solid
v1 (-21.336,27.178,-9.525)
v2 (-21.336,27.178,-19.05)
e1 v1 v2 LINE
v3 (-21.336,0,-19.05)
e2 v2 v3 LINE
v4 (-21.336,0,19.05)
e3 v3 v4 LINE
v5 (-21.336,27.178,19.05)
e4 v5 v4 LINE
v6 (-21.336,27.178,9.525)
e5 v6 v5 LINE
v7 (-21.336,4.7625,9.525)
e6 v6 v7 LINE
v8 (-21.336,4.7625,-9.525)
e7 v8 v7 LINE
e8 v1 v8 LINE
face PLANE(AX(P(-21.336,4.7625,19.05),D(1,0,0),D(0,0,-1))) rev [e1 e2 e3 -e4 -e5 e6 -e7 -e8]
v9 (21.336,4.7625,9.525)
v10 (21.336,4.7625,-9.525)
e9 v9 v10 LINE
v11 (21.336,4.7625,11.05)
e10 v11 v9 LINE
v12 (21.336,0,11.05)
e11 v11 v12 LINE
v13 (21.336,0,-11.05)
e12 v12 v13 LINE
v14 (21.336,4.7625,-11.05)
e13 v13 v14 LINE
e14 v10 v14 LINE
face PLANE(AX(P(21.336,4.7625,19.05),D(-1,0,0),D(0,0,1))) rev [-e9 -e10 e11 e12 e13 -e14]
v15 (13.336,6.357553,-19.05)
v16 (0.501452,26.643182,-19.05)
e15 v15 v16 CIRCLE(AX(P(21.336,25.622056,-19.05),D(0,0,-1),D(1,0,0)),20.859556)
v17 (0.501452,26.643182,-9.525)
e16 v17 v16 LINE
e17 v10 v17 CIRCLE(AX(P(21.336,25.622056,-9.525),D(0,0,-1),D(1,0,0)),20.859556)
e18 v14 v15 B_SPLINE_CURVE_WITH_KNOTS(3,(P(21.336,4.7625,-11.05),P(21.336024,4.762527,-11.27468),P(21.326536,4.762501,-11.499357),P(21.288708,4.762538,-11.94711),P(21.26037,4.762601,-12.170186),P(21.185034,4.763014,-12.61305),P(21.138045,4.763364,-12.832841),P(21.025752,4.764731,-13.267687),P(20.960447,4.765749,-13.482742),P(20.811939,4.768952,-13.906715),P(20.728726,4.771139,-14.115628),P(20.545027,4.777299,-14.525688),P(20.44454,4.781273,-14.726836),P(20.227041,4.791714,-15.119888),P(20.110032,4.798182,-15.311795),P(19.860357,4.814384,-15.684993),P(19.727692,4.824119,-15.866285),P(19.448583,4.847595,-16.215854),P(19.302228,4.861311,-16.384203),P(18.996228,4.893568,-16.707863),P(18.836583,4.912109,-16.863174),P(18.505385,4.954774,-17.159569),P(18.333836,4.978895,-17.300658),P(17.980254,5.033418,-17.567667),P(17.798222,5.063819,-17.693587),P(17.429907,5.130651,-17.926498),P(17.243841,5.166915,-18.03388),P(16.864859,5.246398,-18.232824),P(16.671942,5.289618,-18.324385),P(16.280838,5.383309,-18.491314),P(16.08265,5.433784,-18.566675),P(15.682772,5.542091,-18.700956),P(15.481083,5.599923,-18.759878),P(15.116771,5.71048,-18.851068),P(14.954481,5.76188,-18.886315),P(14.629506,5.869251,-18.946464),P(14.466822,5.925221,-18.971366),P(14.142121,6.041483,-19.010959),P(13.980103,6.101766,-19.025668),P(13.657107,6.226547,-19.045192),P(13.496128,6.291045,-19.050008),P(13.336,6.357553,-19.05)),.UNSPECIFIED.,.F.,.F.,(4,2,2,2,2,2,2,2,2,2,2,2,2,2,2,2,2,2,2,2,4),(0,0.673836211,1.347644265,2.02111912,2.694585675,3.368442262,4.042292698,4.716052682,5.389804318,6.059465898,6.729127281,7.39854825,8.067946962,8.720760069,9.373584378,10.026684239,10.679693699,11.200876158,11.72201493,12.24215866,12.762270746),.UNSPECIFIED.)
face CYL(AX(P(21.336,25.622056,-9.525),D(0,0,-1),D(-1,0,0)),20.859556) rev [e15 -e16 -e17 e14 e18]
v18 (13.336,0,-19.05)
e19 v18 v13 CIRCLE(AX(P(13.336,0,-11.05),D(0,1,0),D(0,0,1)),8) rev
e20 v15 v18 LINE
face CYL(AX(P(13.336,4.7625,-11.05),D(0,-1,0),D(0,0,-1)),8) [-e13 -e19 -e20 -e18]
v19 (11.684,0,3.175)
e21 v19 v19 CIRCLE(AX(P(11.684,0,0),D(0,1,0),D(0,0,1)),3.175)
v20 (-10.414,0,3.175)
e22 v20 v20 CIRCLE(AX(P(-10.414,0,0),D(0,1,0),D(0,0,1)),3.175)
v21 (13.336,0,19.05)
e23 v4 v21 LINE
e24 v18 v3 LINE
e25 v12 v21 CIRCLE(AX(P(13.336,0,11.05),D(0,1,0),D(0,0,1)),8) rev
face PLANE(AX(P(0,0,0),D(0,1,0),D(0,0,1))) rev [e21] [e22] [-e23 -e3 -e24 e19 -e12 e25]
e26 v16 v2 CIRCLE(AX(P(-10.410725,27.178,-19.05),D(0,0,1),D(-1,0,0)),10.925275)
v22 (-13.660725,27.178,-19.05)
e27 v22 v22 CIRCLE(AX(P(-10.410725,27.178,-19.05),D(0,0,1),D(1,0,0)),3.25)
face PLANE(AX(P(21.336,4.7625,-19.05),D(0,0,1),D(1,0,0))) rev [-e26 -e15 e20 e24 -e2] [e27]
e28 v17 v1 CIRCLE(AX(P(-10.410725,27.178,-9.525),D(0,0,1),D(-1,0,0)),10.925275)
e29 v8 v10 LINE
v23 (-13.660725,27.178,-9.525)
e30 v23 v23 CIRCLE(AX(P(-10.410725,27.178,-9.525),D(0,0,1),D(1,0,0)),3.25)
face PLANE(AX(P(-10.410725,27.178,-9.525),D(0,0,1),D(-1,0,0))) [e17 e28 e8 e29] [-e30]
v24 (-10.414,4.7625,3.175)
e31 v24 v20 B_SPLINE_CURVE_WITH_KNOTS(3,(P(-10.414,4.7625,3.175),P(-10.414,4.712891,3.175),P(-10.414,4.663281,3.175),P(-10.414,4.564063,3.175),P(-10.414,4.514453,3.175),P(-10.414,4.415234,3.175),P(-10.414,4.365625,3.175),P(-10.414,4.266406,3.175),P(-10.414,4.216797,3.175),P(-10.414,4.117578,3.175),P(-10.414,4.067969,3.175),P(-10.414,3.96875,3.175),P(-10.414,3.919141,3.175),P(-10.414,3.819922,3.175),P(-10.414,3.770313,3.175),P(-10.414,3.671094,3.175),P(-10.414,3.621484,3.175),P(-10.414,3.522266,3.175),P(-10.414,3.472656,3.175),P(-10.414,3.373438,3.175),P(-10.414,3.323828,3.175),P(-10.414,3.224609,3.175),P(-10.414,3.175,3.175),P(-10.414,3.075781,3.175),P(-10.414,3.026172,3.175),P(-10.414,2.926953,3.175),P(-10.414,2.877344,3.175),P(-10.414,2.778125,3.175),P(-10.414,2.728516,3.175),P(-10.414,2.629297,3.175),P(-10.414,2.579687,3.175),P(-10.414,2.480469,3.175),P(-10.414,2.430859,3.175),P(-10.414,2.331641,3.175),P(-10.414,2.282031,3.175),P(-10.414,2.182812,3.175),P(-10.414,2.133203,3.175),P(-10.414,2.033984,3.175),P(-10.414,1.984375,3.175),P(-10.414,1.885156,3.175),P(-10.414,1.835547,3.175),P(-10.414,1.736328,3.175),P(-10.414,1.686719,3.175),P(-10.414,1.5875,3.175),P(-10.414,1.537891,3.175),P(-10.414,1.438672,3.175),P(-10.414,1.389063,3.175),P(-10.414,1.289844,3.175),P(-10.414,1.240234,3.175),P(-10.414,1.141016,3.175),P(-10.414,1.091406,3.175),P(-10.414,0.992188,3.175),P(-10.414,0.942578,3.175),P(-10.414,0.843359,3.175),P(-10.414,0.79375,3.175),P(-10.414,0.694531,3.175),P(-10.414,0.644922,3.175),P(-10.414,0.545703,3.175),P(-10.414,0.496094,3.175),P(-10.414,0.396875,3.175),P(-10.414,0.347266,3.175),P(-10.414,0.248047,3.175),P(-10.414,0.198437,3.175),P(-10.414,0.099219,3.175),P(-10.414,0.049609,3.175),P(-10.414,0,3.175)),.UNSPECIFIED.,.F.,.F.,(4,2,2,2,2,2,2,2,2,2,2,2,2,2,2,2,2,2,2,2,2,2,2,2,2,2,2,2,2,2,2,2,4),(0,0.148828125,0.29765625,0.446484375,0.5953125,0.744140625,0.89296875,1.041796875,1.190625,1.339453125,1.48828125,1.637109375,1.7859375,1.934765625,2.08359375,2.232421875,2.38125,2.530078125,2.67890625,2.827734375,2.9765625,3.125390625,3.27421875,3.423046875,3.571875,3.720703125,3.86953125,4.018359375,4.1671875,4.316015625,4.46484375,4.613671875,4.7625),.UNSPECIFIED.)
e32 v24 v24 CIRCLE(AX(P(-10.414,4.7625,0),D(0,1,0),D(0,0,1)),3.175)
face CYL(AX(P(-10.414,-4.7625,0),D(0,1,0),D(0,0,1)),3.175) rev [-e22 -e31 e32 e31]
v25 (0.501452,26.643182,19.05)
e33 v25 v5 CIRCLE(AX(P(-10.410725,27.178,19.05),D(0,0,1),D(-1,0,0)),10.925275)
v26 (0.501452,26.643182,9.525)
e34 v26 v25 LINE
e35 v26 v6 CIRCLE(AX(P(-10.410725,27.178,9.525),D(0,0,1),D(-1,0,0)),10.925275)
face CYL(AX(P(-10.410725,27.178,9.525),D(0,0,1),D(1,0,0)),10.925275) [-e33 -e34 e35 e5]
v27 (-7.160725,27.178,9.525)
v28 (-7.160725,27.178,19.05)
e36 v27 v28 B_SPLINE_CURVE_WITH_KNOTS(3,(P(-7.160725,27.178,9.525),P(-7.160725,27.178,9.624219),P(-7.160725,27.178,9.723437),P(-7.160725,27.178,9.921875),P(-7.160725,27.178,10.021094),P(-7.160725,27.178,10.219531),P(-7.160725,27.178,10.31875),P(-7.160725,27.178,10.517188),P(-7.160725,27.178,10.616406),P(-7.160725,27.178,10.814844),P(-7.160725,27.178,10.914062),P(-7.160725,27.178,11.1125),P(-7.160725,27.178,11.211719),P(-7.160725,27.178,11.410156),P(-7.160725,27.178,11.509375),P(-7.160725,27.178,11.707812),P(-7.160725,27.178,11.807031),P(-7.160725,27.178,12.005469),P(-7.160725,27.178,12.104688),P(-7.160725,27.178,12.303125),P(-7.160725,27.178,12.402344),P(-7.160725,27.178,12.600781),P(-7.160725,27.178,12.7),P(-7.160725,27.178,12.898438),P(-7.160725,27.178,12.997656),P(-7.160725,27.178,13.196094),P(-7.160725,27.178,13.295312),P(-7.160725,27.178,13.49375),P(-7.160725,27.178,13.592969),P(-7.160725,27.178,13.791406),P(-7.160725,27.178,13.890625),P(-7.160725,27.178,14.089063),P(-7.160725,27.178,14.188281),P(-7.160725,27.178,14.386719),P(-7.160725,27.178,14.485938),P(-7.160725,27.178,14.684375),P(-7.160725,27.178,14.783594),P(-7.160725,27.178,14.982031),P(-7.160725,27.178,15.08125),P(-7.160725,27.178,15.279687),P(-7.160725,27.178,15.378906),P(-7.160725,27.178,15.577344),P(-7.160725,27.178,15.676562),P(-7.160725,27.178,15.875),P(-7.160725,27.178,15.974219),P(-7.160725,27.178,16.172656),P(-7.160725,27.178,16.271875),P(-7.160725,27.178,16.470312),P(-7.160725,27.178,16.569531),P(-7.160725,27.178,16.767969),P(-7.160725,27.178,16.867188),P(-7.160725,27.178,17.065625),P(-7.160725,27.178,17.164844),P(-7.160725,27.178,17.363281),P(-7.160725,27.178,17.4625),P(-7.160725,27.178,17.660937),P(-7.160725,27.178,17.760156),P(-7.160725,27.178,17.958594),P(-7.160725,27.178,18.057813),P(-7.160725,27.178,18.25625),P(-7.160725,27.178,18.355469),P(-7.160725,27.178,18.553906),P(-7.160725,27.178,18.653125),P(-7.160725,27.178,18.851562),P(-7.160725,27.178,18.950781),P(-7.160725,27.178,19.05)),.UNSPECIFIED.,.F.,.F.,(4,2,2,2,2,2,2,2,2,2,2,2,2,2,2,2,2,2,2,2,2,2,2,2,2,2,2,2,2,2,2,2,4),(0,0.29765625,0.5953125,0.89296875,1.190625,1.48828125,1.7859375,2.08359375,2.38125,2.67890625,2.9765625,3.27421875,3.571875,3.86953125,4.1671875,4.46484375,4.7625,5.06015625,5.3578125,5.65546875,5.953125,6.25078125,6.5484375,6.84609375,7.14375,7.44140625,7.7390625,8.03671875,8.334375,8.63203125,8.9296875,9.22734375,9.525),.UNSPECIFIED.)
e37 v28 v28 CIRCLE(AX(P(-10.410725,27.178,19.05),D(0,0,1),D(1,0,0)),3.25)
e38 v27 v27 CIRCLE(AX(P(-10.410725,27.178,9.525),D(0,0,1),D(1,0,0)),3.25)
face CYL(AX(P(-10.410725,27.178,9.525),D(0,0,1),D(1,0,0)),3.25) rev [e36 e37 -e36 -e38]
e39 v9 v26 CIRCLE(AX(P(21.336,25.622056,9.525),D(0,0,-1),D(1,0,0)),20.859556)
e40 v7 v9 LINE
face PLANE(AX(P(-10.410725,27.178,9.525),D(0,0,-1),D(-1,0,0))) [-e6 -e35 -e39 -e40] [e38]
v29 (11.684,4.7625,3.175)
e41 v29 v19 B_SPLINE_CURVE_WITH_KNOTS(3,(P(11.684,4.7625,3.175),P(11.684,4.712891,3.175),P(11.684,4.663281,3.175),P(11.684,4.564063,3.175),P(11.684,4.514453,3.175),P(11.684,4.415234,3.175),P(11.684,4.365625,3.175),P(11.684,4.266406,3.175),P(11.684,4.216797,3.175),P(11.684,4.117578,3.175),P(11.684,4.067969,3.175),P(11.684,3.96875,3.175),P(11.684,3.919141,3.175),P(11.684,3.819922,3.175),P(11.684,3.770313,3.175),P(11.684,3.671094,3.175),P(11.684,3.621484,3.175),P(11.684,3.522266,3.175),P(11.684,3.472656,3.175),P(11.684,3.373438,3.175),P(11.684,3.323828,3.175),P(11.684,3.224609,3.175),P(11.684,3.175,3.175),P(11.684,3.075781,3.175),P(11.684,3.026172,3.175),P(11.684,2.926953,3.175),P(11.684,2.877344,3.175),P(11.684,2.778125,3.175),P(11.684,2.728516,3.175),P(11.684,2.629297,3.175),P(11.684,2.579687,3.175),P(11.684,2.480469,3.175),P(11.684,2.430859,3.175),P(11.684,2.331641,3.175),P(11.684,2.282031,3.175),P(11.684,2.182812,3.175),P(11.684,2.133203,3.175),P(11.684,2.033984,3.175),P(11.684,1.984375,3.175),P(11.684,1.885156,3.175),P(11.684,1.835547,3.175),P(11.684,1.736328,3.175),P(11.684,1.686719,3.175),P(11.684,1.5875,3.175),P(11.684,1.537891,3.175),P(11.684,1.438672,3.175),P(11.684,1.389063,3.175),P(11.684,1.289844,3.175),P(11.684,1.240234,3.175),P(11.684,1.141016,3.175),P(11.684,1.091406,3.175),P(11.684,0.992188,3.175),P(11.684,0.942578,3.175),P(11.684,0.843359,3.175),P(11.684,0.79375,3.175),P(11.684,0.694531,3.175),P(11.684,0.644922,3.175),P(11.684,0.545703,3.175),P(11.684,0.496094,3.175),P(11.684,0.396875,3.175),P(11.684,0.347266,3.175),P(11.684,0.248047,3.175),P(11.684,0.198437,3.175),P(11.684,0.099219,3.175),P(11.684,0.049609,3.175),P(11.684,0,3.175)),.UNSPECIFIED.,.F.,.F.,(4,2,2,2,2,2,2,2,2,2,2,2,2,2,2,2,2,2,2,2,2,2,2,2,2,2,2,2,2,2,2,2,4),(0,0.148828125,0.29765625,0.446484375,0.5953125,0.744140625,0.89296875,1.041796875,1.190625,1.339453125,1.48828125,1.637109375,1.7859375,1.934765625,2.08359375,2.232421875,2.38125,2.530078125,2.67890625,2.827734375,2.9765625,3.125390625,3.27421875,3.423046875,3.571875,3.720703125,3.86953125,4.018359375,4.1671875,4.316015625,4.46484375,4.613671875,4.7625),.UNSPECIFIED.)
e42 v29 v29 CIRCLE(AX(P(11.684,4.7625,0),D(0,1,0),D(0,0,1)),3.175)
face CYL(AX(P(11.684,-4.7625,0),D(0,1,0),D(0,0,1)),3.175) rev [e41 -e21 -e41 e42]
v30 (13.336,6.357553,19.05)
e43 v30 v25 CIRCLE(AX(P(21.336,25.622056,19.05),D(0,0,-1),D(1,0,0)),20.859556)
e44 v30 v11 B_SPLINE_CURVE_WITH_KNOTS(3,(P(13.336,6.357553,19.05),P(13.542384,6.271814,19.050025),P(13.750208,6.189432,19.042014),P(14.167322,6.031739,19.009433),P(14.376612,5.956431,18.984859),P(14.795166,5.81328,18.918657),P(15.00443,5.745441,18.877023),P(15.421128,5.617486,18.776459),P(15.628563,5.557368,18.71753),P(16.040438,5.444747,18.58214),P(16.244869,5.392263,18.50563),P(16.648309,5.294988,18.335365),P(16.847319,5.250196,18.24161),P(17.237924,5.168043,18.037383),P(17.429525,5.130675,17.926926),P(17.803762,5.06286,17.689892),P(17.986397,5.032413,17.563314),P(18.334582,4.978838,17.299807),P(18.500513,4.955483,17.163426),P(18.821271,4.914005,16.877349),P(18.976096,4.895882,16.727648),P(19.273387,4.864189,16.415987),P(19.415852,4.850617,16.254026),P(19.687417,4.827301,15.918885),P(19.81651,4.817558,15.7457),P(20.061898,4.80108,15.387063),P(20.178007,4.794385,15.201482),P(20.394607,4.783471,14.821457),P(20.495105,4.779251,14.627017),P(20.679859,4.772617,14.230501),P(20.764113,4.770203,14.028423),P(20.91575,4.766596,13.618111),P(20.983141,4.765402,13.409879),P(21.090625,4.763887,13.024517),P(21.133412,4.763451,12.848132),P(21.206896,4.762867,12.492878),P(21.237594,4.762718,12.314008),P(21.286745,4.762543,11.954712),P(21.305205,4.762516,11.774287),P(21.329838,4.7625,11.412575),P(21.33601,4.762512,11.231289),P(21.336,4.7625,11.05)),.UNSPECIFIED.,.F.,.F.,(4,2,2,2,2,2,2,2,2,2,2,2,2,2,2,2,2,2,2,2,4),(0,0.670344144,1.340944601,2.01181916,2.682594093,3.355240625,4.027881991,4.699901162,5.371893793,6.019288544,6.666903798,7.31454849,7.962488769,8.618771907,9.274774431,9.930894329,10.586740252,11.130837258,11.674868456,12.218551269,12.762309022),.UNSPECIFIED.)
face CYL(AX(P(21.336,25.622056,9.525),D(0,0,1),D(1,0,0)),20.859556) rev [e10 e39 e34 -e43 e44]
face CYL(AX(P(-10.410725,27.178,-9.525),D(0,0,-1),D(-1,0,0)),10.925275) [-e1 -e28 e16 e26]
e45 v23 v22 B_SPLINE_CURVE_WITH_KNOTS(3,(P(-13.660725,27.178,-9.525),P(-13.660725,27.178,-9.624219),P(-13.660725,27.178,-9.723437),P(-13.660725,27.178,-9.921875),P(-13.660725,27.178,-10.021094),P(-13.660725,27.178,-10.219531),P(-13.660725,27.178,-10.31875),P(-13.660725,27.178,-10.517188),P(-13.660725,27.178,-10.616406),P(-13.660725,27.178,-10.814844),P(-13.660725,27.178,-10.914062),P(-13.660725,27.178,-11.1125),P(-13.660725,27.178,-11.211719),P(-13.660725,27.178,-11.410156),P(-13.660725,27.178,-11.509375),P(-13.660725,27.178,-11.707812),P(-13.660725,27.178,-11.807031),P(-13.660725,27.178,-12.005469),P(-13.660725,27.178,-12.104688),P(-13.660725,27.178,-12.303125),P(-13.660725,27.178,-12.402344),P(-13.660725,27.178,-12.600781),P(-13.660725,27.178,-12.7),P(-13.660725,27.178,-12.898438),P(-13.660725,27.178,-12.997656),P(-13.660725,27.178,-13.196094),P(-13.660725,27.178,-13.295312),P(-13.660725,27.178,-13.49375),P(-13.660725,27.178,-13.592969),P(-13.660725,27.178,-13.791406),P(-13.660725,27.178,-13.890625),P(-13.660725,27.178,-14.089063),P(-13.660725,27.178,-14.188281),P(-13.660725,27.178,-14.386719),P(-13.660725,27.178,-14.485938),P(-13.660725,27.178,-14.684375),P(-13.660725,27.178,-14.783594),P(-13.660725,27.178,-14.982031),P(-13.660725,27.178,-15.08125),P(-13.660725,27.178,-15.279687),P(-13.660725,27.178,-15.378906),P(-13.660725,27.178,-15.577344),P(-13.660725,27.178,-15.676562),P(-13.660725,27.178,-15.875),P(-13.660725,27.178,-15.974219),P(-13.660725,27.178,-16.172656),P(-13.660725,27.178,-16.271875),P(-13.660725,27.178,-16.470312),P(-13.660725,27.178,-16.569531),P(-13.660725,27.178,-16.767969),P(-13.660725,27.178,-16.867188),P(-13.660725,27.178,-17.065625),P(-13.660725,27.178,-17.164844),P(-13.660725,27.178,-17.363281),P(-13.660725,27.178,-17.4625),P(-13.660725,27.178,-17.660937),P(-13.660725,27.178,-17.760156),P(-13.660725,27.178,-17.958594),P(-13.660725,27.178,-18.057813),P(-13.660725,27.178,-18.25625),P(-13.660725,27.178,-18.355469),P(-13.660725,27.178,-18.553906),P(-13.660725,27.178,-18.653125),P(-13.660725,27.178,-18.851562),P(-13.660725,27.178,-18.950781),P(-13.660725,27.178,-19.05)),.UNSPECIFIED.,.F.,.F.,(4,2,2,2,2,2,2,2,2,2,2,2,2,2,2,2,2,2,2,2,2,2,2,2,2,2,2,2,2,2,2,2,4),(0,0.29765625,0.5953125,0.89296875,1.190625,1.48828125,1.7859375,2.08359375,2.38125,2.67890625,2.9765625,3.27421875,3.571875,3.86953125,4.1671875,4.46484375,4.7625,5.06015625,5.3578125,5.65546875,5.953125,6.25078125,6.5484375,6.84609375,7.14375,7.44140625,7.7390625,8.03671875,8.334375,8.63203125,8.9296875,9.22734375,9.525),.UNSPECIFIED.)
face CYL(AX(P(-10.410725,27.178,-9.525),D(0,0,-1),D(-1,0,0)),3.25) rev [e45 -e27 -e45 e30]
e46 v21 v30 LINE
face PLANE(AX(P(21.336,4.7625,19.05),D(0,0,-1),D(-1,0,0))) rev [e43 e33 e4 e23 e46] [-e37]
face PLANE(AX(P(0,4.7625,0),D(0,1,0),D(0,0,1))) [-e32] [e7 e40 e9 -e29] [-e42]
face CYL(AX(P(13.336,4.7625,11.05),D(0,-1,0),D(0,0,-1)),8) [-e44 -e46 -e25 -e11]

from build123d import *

# Parameters (mm, degrees)
SKETCH1_W           = 42.672
SKETCH1_H           = 38.1
BOSS_EXTRUDE1_DEPTH = 4.7625
SKETCH2_R           = 3.25
BOSS_EXTRUDE2_DEPTH = 9.525
SKETCH3_R           = 3.175
CUT_EXTRUDE1_DEPTH  = 9.525
FILLET1_R           = 8


with BuildPart() as part:
    # Sketch1 → Boss-Extrude1 (new body)
    with BuildSketch(Plane(origin=(0, 0, 0), x_dir=(1, 0, 0), z_dir=(0, 1, 0))):
        Rectangle(SKETCH1_W, SKETCH1_H)
    extrude(amount=BOSS_EXTRUDE1_DEPTH)

    # Sketch2 → Boss-Extrude2 (add)
    with BuildSketch(Plane.XY.offset(19.05)):
        with BuildLine():
            Line((-21.336, 4.7625), (-21.336, 27.178))
            ThreePointArc((-21.336, 27.178), (-10.143235589, 38.1), (0.501451896, 26.643181614))
            ThreePointArc((0.501451896, 26.643181614), (6.229357234, 11.237674696), (21.336, 4.7625))
            Line((21.336, 4.7625), (-21.336, 4.7625))
        make_face()
        with Locations((-10.410724966, 27.178)):
            Circle(SKETCH2_R, mode=Mode.SUBTRACT)
    boss_extrude2 = extrude(amount=-BOSS_EXTRUDE2_DEPTH)

    # Mirror1: Boss-Extrude2 across plane
    add(boss_extrude2.mirror(Plane.XY))

    # Sketch3 → Cut-Extrude1 (cut)
    with BuildSketch(Plane(origin=(0, 4.7625, 0), x_dir=(1, 0, 0), z_dir=(0, 1, 0))):
        with Locations(Location((-10.414, 0, 0), (0, 0, 270))):
            Circle(SKETCH3_R)
        with Locations(Location((11.684, 0, 0), (0, 0, 270))):
            Circle(SKETCH3_R)
    extrude(amount=-CUT_EXTRUDE1_DEPTH, mode=Mode.SUBTRACT)

    # Fillet1
    fillet1_edges = [part.edges().sort_by_distance(p)[0] for p in [
        (21.336, 2.38125, -19.05),
        (21.336, 2.38125, 19.05),
    ]]
    fillet(fillet1_edges, radius=FILLET1_R)


solid = part.part
